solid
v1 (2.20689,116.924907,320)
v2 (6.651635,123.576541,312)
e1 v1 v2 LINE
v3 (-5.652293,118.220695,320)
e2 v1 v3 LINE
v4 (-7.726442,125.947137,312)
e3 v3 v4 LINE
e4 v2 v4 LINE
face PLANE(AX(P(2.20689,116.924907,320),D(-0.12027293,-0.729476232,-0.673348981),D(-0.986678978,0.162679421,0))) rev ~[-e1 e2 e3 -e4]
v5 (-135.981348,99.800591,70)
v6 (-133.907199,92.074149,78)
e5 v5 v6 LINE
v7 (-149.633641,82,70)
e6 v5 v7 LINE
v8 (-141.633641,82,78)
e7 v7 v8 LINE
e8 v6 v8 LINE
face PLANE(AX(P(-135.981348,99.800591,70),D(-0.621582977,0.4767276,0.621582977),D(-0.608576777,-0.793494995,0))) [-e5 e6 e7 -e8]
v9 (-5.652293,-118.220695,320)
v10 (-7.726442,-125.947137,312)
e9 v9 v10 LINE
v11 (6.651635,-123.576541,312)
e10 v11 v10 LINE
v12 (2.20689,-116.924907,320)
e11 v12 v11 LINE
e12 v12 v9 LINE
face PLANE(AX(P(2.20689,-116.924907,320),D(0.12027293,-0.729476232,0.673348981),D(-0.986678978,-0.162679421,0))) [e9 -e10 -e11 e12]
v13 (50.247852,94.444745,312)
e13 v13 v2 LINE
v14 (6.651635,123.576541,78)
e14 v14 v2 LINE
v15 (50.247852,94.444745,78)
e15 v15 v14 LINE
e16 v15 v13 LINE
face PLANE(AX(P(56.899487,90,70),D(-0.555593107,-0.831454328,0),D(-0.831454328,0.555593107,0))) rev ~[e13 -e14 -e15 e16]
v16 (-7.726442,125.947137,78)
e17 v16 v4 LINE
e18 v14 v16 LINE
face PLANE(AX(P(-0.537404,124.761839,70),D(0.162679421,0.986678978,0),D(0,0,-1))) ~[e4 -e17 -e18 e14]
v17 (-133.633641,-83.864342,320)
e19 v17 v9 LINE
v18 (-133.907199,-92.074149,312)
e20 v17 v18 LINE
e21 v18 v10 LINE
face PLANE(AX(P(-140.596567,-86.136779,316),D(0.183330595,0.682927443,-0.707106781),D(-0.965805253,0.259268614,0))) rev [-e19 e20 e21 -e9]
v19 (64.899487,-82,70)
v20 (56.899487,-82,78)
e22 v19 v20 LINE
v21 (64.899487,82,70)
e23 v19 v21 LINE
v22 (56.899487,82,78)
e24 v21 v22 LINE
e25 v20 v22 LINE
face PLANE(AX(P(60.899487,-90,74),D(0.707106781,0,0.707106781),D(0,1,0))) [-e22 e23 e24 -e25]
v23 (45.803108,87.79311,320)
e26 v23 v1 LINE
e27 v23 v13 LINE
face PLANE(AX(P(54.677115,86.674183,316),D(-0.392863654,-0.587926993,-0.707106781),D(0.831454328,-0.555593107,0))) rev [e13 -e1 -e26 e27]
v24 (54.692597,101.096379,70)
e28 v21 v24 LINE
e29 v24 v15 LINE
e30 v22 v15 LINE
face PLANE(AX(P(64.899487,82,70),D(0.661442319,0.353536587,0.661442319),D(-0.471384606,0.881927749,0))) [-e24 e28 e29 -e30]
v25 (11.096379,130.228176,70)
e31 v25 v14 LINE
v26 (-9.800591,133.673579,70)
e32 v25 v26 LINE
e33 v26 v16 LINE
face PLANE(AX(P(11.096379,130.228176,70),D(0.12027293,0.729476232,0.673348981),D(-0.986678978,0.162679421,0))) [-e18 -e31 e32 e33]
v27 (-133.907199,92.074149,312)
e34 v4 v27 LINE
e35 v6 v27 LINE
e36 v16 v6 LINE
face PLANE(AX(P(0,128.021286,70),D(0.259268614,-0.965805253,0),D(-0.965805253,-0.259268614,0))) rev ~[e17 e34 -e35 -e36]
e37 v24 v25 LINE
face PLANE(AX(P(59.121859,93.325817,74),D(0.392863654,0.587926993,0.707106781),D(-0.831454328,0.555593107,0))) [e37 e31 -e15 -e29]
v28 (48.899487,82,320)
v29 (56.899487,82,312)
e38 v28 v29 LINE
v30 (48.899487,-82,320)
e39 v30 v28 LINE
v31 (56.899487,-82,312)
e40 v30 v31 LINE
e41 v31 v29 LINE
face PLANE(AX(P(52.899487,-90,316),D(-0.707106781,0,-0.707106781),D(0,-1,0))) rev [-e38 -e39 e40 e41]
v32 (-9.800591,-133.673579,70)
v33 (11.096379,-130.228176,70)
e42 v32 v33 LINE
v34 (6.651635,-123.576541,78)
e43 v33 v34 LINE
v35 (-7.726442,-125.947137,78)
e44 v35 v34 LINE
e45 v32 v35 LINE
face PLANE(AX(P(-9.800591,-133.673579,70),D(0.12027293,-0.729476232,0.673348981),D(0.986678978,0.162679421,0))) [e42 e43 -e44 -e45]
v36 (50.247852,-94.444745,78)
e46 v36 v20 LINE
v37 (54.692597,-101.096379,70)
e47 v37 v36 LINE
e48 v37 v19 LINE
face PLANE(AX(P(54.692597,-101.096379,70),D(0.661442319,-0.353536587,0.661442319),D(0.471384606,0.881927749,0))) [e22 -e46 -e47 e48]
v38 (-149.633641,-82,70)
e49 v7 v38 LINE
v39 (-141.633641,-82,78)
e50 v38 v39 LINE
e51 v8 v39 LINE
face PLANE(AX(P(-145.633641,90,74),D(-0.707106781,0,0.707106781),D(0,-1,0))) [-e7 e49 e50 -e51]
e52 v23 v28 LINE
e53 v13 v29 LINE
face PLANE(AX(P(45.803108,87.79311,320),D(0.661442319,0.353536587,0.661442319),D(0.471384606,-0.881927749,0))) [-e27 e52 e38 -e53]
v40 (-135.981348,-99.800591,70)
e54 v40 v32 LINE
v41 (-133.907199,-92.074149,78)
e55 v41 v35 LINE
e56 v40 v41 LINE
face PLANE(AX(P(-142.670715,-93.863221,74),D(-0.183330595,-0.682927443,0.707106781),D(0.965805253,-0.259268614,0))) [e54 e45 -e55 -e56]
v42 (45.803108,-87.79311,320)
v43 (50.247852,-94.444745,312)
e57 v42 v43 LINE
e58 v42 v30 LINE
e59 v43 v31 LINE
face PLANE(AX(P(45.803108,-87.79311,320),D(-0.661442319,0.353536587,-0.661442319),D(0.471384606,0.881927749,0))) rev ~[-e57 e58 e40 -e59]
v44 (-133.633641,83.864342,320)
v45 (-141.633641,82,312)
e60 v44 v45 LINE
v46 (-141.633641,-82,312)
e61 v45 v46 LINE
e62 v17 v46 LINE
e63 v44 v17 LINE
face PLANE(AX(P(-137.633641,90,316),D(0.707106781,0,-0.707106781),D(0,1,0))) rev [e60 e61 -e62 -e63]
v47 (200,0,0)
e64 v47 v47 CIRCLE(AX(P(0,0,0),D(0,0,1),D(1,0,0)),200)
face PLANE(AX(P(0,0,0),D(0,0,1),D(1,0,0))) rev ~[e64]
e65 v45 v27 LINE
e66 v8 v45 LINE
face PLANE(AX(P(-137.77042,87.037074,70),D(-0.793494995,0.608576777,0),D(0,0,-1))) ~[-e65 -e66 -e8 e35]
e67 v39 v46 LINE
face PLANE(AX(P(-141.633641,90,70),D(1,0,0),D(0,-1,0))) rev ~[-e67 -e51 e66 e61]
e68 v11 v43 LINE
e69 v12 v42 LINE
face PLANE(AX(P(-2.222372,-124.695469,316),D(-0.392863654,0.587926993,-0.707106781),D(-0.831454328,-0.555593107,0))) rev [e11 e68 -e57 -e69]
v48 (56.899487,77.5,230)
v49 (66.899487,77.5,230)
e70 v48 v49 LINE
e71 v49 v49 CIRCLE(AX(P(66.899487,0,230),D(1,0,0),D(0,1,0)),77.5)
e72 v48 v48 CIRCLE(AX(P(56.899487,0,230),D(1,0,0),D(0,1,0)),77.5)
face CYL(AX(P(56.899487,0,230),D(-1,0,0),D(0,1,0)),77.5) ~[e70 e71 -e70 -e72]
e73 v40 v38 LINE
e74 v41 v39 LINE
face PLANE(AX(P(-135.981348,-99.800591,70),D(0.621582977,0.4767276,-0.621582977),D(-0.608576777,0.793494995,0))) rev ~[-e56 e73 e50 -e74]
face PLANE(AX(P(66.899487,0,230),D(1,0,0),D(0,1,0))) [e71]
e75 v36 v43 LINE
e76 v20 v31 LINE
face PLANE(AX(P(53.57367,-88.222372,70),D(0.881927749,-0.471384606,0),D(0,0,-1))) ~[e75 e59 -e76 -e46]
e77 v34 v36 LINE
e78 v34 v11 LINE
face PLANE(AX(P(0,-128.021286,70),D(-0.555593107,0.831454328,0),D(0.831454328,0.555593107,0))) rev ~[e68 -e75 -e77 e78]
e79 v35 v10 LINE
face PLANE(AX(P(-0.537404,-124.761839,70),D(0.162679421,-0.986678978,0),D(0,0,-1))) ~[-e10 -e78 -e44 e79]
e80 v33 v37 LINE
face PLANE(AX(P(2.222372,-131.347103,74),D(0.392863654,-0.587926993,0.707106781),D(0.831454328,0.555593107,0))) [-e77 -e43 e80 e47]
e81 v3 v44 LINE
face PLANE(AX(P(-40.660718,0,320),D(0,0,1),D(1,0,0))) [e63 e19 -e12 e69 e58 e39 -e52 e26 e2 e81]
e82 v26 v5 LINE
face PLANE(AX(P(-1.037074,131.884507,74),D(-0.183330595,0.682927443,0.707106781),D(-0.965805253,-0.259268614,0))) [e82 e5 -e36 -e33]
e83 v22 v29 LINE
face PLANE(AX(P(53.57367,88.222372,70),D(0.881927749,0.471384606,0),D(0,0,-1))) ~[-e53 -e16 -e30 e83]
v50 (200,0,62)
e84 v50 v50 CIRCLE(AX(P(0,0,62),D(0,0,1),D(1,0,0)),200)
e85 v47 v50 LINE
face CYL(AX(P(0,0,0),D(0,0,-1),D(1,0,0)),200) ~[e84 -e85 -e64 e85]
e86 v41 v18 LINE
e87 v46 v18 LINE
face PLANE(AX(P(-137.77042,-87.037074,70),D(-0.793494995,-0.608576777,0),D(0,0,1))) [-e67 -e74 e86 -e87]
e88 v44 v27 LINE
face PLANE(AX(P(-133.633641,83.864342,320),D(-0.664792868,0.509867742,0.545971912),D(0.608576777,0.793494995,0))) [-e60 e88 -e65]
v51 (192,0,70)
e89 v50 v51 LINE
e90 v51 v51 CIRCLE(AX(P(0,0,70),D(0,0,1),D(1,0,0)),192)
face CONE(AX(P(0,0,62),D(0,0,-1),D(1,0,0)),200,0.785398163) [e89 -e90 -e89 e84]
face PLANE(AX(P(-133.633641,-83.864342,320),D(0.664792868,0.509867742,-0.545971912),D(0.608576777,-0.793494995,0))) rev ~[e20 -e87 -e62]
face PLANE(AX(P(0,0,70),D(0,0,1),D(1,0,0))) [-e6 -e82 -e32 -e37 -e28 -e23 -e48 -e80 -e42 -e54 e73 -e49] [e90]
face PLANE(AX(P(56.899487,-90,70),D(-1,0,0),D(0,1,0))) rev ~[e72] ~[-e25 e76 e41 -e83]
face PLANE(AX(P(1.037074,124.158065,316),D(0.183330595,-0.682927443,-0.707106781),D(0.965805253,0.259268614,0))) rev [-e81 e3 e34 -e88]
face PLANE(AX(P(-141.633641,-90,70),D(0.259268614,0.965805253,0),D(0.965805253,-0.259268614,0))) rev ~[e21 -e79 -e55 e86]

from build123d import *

# Parameters (mm, degrees)
SKETCH_R     = 200
PAD_DEPTH    = 70
PAD001_DEPTH = 250
SKETCH002_R  = 77.5
PAD002_DEPTH = 10
CHAMFER_SIZE = 8


with BuildPart() as part:
    # Sketch → Pad (new body)
    with BuildSketch(Plane.XY):
        Circle(SKETCH_R)
    extrude(amount=PAD_DEPTH)

    # Sketch001 (on Face3 of Pad) → Pad001 (join)
    with BuildSketch(Plane.XY.offset(70)):
        Polygon((-141.633641, -90), (0, -128.021286), (56.899487, -90), (56.899487, 90), (0, 128.021286), (-141.633641, 90), align=None)
    extrude(amount=PAD001_DEPTH)

    # Sketch002 (on Face6 of Pad001) → Pad002 (join)
    with BuildSketch(Plane.YZ.offset(56.899487)):
        with Locations((0, 230)):
            Circle(SKETCH002_R)
    extrude(amount=PAD002_DEPTH)

    # Chamfer
    chamfer_edges = [part.edges().sort_by_distance(p)[0] for p in [
        (-200, 0, 70),
        (-70.816821, -109.010643, 70),
        (28.449744, -109.010643, 70),
        (56.899487, 0, 70),
        (28.449744, 109.010643, 70),
        (-70.816821, 109.010643, 70),
        (-141.633641, 0, 70),
        (0, -128.021286, 195),
        (56.899487, -90, 195),
        (28.449744, -109.010643, 320),
        (-141.633641, 90, 195),
        (-141.633641, -90, 195),
        (-141.633641, 0, 320),
        (56.899487, 90, 195),
        (0, 128.021286, 195),
        (28.449744, 109.010643, 320),
        (-70.816821, -109.010643, 320),
        (56.899487, 0, 320),
        (-70.816821, 109.010643, 320),
    ]]
    chamfer(chamfer_edges, length=CHAMFER_SIZE)


solid = part.part
